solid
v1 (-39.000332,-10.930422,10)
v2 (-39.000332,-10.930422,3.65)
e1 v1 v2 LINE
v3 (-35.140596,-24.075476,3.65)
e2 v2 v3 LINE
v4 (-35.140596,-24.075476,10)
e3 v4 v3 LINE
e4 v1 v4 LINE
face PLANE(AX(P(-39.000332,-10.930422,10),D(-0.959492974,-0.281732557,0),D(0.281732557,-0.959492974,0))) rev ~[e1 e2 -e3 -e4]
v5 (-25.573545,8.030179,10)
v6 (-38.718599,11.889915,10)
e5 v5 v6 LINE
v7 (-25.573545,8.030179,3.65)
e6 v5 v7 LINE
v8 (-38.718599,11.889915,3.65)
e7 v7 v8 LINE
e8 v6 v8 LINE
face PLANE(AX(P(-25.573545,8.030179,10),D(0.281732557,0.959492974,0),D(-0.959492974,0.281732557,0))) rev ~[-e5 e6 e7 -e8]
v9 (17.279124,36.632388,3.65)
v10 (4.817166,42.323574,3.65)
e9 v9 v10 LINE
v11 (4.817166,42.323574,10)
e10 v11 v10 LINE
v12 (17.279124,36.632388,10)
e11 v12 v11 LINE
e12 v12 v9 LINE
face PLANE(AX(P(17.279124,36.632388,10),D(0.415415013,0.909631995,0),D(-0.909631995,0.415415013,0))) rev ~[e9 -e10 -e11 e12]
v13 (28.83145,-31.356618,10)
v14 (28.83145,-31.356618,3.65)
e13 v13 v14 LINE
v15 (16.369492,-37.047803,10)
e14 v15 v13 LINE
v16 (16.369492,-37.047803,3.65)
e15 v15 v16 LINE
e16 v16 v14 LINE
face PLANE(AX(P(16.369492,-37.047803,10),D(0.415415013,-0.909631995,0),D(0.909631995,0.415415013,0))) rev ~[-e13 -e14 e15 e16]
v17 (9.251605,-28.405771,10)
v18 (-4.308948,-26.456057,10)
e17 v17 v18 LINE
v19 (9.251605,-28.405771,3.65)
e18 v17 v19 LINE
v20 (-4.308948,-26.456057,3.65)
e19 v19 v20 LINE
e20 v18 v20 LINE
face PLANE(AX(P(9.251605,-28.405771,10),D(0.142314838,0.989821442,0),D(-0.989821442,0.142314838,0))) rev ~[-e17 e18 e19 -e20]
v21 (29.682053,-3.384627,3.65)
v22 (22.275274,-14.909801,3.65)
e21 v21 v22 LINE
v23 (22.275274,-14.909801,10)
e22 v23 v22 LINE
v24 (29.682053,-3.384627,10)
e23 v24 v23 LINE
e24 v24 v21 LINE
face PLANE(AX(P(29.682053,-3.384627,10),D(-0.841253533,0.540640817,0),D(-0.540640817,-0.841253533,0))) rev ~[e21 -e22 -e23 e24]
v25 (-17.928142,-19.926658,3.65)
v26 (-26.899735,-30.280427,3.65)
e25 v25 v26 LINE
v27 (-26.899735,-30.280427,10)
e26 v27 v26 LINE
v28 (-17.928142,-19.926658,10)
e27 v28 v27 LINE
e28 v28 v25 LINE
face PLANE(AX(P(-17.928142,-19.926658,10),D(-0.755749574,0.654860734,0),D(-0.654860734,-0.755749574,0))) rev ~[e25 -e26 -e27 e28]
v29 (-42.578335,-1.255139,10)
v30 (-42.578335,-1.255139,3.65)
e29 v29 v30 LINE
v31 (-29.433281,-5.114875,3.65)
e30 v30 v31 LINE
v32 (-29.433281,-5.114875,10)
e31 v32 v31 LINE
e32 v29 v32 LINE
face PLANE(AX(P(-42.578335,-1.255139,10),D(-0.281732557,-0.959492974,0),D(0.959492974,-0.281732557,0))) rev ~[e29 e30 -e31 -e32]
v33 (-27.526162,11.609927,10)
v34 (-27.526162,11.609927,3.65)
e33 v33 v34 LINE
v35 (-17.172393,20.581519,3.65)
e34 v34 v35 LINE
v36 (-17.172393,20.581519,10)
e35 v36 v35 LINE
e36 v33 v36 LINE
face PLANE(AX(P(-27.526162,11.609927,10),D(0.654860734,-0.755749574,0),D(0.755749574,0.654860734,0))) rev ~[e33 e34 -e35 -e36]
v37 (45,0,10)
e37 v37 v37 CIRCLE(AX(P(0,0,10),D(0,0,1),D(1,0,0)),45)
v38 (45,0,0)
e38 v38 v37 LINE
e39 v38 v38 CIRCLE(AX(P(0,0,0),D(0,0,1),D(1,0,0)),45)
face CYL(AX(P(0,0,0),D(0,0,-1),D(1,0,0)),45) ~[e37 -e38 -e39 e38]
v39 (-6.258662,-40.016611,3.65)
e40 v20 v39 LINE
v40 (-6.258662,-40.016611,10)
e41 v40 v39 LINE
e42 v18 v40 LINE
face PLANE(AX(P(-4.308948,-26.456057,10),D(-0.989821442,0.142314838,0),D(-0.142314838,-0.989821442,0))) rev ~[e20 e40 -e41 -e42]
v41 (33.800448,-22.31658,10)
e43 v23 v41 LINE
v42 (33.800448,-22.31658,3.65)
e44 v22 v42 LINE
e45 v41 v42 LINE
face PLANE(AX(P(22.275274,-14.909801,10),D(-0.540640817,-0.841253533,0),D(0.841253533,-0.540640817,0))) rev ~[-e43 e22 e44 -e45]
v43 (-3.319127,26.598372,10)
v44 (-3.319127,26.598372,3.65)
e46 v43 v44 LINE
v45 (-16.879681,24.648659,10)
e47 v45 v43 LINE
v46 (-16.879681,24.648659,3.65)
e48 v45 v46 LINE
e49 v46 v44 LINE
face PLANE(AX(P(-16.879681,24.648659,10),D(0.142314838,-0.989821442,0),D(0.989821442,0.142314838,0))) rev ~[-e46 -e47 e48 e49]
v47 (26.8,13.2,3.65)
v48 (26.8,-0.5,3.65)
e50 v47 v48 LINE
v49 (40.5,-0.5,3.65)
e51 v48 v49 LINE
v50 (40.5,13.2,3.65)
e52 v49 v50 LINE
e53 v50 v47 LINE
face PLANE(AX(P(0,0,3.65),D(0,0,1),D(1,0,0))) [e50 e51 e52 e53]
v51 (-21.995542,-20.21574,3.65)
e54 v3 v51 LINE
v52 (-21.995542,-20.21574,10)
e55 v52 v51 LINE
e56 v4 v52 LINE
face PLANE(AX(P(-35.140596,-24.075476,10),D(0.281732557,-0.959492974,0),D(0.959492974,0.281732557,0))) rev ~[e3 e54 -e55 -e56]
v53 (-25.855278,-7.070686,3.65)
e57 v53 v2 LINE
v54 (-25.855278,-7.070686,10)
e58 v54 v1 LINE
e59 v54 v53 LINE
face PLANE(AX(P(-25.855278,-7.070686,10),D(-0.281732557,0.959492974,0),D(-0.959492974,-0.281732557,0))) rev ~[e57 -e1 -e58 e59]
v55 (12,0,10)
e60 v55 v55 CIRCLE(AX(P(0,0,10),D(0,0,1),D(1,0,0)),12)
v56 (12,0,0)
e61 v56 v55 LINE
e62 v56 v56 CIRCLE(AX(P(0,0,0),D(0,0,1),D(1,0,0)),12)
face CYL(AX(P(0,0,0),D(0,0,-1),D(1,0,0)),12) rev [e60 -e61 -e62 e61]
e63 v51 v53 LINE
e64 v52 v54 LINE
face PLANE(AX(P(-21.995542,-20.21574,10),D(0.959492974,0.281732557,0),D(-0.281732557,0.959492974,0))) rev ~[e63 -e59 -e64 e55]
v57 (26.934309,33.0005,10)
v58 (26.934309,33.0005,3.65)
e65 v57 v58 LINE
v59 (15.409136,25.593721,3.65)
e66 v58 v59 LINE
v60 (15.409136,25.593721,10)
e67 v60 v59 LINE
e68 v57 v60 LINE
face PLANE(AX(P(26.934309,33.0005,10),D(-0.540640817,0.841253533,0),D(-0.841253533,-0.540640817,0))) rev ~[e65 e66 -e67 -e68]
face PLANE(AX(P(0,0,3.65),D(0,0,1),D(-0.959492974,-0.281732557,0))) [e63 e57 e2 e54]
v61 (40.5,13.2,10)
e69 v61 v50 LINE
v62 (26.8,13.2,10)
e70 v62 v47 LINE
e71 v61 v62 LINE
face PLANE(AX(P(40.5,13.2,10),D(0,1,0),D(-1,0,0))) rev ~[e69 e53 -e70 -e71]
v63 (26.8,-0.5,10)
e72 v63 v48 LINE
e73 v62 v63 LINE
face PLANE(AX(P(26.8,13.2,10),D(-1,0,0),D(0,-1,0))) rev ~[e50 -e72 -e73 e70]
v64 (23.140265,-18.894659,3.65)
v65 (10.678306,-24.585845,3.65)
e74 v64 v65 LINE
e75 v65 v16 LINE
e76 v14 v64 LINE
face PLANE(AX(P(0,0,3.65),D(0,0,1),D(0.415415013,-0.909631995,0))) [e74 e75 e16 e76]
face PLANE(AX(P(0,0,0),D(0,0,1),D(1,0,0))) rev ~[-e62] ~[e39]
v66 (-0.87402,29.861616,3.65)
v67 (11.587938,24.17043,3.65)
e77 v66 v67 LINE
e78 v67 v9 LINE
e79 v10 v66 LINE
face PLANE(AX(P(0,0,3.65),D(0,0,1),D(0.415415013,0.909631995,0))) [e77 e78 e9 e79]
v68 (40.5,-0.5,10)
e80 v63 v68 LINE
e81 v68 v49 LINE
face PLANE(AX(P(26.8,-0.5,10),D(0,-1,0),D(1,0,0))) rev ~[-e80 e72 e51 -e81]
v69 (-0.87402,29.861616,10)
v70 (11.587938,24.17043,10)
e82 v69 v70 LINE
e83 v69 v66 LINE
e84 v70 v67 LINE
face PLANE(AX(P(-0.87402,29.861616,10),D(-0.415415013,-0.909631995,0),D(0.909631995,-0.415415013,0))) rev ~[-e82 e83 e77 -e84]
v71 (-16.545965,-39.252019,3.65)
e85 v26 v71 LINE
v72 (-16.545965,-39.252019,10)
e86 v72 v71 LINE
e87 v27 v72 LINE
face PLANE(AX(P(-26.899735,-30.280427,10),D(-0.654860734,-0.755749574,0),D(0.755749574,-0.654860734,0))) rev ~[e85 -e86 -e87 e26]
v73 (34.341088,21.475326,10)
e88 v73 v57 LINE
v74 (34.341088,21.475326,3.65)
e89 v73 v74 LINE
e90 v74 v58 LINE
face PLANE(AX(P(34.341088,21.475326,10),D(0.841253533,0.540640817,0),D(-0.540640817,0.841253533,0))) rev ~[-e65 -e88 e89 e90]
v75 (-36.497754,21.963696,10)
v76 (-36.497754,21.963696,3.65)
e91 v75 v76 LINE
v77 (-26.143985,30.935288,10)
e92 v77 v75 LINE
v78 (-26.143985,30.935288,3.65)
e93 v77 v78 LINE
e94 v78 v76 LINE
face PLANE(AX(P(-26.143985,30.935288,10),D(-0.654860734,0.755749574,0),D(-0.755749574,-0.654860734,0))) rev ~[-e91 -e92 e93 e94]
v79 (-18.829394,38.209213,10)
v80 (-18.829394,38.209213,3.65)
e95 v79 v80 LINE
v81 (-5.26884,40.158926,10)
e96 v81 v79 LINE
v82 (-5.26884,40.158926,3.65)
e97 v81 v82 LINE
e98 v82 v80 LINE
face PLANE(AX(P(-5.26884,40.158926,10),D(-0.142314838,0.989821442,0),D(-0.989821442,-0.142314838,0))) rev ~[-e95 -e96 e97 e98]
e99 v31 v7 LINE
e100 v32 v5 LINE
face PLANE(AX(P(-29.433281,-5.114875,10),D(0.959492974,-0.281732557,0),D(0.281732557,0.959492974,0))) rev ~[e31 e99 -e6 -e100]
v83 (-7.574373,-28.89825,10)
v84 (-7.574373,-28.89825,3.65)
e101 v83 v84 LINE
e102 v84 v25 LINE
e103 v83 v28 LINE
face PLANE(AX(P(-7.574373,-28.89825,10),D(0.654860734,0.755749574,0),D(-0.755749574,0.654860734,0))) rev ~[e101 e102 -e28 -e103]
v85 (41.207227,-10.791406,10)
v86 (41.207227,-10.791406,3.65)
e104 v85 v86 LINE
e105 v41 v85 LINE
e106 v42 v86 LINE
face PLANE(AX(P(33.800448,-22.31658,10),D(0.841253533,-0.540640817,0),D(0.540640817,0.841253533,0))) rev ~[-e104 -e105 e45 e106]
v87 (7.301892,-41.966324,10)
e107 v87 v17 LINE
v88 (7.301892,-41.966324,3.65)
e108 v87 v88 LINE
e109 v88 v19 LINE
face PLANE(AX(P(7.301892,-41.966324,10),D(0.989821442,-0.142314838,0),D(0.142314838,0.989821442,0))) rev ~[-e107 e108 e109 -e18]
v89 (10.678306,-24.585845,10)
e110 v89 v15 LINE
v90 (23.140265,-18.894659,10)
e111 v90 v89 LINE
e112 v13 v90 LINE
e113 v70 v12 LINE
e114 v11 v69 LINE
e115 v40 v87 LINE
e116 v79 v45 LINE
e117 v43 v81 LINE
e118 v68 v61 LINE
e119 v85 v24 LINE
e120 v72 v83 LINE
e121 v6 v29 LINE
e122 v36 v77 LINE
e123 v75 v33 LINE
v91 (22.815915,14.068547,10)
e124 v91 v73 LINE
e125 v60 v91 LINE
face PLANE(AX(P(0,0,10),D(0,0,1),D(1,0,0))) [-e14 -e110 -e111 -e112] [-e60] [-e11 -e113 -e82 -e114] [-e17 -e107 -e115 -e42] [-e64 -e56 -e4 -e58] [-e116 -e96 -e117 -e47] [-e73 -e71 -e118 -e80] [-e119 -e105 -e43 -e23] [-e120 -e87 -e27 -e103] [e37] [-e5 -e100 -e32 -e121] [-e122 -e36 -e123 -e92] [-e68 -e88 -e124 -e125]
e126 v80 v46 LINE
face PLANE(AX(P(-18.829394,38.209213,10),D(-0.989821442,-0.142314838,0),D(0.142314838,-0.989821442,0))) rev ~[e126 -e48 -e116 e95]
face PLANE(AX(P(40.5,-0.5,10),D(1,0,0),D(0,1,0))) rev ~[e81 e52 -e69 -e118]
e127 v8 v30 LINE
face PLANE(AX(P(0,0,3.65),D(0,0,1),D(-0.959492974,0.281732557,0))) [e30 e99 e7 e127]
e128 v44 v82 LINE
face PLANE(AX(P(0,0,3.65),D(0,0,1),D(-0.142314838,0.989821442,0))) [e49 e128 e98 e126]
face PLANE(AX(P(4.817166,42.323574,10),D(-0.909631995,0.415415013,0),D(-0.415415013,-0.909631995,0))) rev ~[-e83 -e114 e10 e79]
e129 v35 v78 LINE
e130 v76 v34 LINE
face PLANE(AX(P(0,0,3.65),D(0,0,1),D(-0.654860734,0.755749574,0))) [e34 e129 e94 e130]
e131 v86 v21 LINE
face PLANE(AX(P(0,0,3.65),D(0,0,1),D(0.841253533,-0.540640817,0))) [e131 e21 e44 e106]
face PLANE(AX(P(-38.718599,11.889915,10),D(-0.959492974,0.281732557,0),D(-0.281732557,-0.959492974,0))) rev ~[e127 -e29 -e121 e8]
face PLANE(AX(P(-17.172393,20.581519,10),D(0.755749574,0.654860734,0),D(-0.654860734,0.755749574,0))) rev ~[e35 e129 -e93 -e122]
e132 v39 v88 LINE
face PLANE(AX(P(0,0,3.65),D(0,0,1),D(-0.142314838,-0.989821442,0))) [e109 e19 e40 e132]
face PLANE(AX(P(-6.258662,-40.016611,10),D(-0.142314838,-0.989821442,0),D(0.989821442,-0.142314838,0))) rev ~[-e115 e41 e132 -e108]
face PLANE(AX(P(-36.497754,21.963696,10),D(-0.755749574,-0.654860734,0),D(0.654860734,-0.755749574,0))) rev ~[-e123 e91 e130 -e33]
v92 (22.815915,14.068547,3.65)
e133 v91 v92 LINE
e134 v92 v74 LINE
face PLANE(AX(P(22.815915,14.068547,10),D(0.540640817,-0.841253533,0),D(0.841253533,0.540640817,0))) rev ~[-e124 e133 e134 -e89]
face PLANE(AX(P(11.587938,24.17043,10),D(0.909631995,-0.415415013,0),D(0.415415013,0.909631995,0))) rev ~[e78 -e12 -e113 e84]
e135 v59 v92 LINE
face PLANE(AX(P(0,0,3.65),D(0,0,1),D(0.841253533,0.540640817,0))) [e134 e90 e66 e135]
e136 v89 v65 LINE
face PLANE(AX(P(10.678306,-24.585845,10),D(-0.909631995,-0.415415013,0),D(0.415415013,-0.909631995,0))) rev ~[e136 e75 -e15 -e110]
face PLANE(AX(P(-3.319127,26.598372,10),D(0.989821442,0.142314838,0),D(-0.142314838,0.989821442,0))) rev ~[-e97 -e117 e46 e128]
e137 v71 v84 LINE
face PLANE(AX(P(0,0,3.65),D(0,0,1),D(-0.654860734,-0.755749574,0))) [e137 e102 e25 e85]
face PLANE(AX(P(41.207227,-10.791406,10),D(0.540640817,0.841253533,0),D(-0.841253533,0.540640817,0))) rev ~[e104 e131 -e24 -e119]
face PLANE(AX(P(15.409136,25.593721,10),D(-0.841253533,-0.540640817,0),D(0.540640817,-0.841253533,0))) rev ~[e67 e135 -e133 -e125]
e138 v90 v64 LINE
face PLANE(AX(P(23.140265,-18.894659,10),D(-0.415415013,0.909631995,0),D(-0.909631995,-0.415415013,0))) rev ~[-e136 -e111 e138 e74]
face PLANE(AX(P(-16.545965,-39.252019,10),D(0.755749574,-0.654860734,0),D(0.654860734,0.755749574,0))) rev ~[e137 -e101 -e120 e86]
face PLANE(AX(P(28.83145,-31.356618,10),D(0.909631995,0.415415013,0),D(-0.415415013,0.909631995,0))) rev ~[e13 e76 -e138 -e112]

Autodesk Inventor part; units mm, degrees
ref_plane "YZ Plane" through (0, 0, 0) normal (1, 0, 0) x (0, 1, 0)
ref_plane "XZ Plane" through (0, 0, 0) normal (0, 1, 0) x (-1, 0, 0)
ref_plane "XY Plane" through (0, 0, 0) normal (0, 0, 1) x (1, 0, 0)
sketch "Sketch1" plane through (0, 0, 0) normal (0, 0, 1) x (1, 0, 0)
  circle A0 centre (0, 0) radius 45
  circle A1 centre (0, 0) radius 12
  dimension "d0" = 90
  dimension "d1" = 24
extrude "Extrusion1" add sketch "Sketch1" along normal blind 10
sketch "Sketch2" plane through (0, 0, 10) normal (0, 0, 1) x (1, 0, 0)
  line L0 (27.3, 12.7) -> (40, 12.7)
  line L1 (40, 12.7) -> (40, 0)
  line L2 (40, 0) -> (27.3, 0)
  line L3 (27.3, 0) -> (27.3, 12.7)
  line L4 (40.5, 13.2) -> (26.8, 13.2)
  line L5 (26.8, 13.2) -> (26.8, -0.5)
  line L6 (26.8, -0.5) -> (40.5, -0.5)
  line L7 (40.5, -0.5) -> (40.5, 13.2)
  point P0 (0, 0)
  dimension "d4" = 12.7
  dimension "d5" = 12.7
  dimension "d6" = 40
  dimension "d7" = 0.5
extrude "Extrusion2" cut sketch "Sketch2" against normal blind 6.35 contours L0 L1 L2 L3 | L7 L6 L5 L4
pattern_circular "Circular Pattern1" count 11 over 360 about axis through (0, 0, 0) along (0, 0, 1) of "Extrusion2"
sketch "Sketch3" plane through (0, 0, 10) normal (0, 0, 1) x (1, 0, 0)
  circle A0 centre (20, 0) radius 1.75
  circle A1 centre (14.1421, 14.1421) radius 1.75
  circle A2 centre (0, 20) radius 1.75
  circle A3 centre (-14.1421, 14.1421) radius 1.75
  circle A4 centre (-20, 0) radius 1.75
  circle A5 centre (-14.1421, -14.1421) radius 1.75
  circle A6 centre (0, -20) radius 1.75
  circle A7 centre (14.1421, -14.1421) radius 1.75
  point P0 (0, 0)
  dimension "d13" = 3.5
  dimension "d14" = 20
  dimension "d17" = 360
extrude "Extrusion3" [suppressed]
properties part number "SG01" material "ABS Plastic"
